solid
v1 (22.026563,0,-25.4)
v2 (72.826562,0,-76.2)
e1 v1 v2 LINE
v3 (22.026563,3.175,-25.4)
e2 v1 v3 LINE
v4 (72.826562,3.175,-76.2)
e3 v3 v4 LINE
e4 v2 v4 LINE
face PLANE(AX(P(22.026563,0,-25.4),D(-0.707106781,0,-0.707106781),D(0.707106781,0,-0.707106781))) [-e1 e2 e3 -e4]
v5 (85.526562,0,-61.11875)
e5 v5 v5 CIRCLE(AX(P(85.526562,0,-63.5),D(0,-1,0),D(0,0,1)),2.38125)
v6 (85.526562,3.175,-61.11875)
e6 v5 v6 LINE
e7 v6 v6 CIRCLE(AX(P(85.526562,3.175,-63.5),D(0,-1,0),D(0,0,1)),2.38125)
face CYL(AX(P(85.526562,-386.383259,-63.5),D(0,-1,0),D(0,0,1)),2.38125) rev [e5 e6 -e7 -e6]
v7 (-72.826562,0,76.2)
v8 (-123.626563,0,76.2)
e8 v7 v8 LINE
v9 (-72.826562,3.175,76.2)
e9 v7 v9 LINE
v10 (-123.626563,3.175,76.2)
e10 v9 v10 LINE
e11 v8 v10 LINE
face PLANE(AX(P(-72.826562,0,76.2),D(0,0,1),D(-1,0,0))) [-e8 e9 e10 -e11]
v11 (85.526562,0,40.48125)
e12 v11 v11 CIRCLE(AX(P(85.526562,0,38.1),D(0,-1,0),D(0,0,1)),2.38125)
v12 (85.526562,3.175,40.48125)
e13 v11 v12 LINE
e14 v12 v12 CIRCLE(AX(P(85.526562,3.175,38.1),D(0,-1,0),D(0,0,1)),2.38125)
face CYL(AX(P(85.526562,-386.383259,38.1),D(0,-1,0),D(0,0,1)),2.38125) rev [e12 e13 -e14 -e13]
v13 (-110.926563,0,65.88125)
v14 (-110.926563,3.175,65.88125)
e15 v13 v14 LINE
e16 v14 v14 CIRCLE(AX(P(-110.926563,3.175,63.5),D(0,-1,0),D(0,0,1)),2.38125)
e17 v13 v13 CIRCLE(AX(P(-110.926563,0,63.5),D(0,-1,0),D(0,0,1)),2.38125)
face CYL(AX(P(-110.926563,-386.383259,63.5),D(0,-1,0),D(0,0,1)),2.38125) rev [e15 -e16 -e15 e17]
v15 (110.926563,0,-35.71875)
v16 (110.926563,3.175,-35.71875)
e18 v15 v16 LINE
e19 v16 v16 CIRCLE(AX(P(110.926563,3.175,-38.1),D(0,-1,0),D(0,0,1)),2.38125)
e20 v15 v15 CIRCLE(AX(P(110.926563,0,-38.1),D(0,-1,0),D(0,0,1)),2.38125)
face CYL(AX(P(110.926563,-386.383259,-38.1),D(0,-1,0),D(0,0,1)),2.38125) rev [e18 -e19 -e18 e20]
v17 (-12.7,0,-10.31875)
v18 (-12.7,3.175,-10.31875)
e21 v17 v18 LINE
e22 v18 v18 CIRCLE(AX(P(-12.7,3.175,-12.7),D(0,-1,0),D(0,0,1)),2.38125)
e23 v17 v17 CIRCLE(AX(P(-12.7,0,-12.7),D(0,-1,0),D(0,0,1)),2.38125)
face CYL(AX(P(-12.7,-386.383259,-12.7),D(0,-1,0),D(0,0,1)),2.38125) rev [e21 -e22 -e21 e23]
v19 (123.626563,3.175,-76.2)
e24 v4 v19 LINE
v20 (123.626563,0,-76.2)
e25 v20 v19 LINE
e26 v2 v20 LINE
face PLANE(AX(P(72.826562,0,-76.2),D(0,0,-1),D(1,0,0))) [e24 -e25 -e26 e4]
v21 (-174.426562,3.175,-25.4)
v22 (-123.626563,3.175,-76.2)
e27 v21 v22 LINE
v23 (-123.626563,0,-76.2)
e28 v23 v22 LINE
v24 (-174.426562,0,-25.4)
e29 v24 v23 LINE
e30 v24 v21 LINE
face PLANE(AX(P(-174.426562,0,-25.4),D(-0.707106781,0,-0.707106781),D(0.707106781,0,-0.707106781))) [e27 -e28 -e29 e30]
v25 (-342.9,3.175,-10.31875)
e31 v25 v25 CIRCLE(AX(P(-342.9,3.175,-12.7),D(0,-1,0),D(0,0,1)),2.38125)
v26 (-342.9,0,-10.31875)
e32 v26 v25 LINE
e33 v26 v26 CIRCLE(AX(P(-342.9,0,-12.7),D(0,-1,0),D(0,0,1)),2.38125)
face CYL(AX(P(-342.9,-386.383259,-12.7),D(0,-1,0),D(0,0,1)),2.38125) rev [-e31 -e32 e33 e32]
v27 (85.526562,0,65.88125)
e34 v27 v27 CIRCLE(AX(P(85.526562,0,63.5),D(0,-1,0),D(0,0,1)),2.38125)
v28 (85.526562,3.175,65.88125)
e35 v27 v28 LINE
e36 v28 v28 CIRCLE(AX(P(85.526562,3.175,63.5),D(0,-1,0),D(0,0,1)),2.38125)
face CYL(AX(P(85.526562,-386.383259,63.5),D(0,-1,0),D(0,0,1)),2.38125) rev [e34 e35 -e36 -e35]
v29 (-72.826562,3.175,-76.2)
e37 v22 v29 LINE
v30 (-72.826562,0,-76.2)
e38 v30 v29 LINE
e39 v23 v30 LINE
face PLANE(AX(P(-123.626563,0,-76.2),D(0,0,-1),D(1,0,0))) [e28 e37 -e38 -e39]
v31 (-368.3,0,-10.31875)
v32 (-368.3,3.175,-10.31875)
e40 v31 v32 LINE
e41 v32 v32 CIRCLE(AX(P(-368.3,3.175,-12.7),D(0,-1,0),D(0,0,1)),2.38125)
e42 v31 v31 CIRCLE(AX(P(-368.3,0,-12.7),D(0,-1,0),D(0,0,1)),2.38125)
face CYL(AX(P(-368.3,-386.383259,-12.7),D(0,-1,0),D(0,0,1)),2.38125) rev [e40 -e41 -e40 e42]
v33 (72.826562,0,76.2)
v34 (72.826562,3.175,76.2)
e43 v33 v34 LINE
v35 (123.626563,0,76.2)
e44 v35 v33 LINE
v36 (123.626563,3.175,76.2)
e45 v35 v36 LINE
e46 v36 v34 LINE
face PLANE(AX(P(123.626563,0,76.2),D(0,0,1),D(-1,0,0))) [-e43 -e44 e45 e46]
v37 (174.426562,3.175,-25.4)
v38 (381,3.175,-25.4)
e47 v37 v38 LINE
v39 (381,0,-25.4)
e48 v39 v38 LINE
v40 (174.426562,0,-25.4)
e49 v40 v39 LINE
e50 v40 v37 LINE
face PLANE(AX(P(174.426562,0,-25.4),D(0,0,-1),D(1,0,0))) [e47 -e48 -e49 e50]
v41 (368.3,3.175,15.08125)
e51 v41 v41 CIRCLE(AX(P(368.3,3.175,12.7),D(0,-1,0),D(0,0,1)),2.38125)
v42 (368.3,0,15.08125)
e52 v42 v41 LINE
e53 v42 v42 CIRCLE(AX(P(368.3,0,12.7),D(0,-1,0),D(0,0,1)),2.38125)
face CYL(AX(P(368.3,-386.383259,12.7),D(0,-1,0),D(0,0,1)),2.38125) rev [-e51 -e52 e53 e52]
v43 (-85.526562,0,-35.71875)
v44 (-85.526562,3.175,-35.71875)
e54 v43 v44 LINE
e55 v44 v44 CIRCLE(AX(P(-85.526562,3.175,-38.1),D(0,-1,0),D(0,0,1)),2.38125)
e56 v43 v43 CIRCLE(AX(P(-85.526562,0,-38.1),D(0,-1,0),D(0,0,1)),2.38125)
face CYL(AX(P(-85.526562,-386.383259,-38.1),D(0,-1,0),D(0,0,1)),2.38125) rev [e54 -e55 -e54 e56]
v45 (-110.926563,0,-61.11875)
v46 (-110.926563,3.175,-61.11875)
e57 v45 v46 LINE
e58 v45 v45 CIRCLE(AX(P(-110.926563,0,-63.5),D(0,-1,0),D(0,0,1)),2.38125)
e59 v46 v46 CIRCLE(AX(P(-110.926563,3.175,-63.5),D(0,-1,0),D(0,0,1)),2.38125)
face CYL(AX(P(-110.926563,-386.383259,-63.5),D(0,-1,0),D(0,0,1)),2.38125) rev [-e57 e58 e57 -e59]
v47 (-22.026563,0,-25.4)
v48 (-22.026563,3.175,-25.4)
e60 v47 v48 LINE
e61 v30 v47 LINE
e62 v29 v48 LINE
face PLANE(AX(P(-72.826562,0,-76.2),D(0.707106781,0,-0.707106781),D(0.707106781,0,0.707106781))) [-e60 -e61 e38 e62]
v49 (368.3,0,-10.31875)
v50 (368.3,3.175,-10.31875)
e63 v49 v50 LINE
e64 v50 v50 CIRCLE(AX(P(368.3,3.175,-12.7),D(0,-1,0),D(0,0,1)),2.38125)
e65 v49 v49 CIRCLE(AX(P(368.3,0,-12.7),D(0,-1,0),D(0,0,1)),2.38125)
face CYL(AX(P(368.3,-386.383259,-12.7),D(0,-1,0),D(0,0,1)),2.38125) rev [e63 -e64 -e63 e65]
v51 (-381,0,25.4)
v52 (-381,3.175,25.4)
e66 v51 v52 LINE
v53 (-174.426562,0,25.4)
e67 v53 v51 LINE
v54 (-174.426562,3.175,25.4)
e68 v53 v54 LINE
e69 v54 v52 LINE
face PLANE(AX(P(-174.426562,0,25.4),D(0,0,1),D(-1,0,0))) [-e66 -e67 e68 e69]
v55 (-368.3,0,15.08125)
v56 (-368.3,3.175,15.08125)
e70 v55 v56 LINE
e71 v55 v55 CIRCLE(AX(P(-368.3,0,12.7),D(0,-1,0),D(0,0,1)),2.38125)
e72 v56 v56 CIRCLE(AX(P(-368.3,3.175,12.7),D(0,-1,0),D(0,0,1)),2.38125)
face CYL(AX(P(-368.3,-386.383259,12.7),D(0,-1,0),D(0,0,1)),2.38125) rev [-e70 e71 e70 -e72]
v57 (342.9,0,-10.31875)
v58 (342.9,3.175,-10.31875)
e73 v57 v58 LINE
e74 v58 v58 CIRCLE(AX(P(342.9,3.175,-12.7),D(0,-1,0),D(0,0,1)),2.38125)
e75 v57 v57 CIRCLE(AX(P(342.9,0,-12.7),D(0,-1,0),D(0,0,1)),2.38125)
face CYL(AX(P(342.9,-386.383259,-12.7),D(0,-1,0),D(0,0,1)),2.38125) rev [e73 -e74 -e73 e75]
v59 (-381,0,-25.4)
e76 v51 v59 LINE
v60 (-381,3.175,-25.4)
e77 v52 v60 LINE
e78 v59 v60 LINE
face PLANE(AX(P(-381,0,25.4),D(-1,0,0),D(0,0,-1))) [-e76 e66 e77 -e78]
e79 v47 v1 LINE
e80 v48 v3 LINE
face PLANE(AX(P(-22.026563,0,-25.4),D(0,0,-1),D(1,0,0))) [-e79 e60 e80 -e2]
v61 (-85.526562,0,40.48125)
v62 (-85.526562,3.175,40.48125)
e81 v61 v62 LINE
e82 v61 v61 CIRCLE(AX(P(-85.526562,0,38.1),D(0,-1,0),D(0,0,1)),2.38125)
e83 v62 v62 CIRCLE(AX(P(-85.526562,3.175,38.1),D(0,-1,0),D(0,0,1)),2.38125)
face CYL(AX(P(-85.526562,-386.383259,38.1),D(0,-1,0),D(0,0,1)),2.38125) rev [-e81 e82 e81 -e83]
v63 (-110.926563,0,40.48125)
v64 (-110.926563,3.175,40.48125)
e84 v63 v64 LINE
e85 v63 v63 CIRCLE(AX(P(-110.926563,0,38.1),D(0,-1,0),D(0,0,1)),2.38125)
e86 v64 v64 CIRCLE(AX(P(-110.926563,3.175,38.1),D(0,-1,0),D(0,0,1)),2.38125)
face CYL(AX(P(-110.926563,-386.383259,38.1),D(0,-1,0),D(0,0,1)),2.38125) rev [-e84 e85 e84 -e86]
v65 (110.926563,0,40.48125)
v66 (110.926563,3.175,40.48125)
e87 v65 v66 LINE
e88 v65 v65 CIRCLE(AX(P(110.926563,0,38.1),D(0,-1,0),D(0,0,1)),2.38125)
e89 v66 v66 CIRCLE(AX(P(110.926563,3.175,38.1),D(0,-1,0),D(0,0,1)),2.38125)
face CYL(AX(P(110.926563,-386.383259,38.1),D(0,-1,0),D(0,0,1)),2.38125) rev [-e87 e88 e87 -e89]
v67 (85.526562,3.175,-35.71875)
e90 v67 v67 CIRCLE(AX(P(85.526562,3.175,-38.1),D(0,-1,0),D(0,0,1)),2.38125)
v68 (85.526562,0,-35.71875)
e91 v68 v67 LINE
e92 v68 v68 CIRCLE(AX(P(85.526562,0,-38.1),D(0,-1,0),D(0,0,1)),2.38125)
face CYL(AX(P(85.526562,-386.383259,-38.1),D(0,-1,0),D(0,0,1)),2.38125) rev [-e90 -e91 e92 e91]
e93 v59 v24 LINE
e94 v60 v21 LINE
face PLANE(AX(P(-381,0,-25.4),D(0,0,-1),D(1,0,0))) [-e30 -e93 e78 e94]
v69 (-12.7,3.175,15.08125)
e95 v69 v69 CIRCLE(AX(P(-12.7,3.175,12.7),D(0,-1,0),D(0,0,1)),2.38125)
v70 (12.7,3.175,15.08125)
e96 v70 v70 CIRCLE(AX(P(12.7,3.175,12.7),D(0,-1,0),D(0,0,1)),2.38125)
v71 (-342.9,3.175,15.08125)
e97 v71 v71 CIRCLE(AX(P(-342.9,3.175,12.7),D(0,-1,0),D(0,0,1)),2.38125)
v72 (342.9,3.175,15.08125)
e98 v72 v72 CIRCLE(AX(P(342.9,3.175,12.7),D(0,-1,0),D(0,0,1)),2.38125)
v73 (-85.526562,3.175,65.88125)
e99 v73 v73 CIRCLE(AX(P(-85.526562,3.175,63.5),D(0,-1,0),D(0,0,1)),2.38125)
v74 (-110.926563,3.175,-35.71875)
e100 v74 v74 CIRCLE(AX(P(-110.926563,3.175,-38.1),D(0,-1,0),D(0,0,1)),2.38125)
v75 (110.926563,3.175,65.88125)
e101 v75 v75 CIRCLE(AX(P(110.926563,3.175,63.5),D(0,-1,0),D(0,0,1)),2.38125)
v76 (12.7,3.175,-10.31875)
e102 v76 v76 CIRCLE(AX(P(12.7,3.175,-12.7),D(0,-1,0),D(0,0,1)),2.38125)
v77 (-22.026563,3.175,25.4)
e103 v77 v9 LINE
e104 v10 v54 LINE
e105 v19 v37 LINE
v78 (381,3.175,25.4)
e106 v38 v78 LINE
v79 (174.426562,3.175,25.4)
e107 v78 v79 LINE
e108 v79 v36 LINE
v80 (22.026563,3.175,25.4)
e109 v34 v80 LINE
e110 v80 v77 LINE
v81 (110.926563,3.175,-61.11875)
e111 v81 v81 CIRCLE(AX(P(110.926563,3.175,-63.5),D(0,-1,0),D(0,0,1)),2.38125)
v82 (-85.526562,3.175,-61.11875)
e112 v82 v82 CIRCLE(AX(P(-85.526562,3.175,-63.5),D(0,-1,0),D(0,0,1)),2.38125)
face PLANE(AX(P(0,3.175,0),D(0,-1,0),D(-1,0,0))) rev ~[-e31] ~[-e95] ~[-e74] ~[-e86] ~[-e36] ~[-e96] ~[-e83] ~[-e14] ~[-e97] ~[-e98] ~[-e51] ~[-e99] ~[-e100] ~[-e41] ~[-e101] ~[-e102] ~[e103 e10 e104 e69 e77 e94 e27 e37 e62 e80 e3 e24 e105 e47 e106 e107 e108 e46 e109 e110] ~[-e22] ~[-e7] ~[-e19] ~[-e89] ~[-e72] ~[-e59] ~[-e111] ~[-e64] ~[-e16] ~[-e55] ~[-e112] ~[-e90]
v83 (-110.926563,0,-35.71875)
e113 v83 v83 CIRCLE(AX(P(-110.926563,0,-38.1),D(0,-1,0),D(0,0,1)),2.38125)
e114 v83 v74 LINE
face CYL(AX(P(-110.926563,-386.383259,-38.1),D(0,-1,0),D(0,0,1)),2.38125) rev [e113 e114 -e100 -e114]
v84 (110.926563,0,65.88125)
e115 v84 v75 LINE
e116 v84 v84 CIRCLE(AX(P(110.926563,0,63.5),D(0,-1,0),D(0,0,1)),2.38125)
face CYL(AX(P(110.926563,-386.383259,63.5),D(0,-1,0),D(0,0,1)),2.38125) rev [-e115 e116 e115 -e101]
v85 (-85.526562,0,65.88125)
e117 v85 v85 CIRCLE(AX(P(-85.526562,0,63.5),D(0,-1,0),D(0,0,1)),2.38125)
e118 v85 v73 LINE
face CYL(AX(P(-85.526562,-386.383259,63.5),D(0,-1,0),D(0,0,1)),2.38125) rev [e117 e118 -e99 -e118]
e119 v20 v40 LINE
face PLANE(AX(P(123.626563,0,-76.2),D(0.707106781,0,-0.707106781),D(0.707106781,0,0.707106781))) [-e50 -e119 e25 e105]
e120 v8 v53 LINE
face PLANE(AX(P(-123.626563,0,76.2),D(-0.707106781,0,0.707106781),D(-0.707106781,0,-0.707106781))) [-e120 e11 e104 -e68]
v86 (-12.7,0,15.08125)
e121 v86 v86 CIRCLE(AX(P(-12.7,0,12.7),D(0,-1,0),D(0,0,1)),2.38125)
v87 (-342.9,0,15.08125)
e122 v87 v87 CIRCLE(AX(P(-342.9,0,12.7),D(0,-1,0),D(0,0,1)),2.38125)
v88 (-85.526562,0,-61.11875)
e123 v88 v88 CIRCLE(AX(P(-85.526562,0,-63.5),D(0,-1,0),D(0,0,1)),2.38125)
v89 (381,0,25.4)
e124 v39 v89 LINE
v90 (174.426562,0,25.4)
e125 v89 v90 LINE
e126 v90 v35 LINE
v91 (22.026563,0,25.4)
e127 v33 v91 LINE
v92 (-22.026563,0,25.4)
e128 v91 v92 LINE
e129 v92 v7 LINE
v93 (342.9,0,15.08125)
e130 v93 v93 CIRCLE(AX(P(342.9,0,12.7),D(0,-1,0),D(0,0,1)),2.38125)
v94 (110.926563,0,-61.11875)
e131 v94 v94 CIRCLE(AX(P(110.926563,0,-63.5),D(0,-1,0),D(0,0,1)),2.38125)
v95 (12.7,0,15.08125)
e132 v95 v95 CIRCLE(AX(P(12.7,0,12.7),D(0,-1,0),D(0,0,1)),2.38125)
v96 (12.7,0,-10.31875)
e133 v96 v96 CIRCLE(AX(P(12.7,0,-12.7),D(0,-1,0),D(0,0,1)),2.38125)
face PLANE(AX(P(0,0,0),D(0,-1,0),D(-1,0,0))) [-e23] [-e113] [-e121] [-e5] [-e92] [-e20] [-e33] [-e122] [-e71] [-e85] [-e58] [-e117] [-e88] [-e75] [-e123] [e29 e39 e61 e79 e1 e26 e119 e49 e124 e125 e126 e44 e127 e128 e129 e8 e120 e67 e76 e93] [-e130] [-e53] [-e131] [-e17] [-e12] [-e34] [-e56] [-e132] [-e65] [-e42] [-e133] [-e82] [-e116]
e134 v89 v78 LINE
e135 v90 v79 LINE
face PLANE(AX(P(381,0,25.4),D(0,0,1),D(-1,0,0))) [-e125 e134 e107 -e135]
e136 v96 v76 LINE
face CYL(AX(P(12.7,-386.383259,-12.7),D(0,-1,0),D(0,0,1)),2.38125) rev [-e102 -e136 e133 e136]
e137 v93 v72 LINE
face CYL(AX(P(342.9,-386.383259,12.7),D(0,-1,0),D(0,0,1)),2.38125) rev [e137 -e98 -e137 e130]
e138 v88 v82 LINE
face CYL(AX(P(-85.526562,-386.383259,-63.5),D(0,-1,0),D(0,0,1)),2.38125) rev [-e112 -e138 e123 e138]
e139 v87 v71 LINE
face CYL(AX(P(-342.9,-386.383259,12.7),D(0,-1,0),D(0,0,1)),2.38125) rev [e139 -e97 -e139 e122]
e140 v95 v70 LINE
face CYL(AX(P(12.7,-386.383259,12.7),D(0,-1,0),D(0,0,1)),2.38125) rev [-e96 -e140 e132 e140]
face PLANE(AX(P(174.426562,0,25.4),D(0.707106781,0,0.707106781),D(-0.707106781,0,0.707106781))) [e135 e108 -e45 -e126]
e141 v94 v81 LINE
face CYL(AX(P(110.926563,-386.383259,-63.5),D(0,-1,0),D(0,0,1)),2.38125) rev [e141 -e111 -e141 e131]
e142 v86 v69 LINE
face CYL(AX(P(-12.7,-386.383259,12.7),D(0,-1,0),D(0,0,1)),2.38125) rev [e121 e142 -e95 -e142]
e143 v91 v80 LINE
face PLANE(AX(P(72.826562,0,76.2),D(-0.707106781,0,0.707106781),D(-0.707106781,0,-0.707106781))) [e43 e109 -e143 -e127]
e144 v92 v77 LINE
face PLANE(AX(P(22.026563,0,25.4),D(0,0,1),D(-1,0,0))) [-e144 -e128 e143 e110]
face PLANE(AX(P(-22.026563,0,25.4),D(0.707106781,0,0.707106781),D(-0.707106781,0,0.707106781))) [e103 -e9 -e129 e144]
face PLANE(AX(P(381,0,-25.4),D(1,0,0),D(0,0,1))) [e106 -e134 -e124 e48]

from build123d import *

# Parameters (mm, degrees)
BOSS_EXTRUDE1_DEPTH     = 3.175
CUT_EXTRUDE1_DEPTH      = 389.558258984
CUT_EXTRUDE1_DEPTH_BACK = 389.558258984
SKETCH3_R               = 2.38125


with BuildPart() as part:
    # Sketch2 → Boss-Extrude1 (new body)
    with BuildSketch(Plane(origin=(0, 0, 0), x_dir=(1, 0, 0), z_dir=(0, 1, 0))):
        Polygon((22.0265625, 25.4), (72.8265625, 76.2), (123.6265625, 76.2), (174.4265625, 25.4), (381, 25.4), (381, -25.4), (174.4265625, -25.4), (123.6265625, -76.2), (72.8265625, -76.2), (22.0265625, -25.4), (-22.0265625, -25.4), (-72.8265625, -76.2), (-123.6265625, -76.2), (-174.4265625, -25.4), (-381, -25.4), (-381, 25.4), (-174.4265625, 25.4), (-123.6265625, 76.2), (-72.8265625, 76.2), (-22.0265625, 25.4), align=None)
    extrude(amount=BOSS_EXTRUDE1_DEPTH)

    # Sketch3 → Cut-Extrude1 (cut, two sides: drawn at the far end of the back side and taken through both)
    with BuildSketch(Plane(origin=(0, 3.175, 0), x_dir=(1, 0, 0), z_dir=(0, 1, 0)).offset(-CUT_EXTRUDE1_DEPTH_BACK)):
        with Locations(Location((-110.9265625, 63.5, 0), (0, 0, 270))):
            Circle(SKETCH3_R)
        with Locations(Location((-85.5265625, 63.5, 0), (0, 0, 270))):
            Circle(SKETCH3_R)
        with Locations(Location((-110.9265625, 38.1, 0), (0, 0, 270))):
            Circle(SKETCH3_R)
        with Locations(Location((-85.5265625, 38.1, 0), (0, 0, 270))):
            Circle(SKETCH3_R)
        with Locations(Location((-85.5265625, -38.1, 0), (0, 0, 270))):
            Circle(SKETCH3_R)
        with Locations(Location((-110.9265625, -38.1, 0), (0, 0, 270))):
            Circle(SKETCH3_R)
        with Locations(Location((-85.5265625, -63.5, 0), (0, 0, 270))):
            Circle(SKETCH3_R)
        with Locations(Location((-110.9265625, -63.5, 0), (0, 0, 270))):
            Circle(SKETCH3_R)
        with Locations(Location((110.9265625, -63.5, 0), (0, 0, 270))):
            Circle(SKETCH3_R)
        with Locations(Location((85.5265625, -63.5, 0), (0, 0, 270))):
            Circle(SKETCH3_R)
        with Locations(Location((110.9265625, -38.1, 0), (0, 0, 270))):
            Circle(SKETCH3_R)
        with Locations(Location((85.5265625, -38.1, 0), (0, 0, 270))):
            Circle(SKETCH3_R)
        with Locations(Location((85.5265625, 38.1, 0), (0, 0, 270))):
            Circle(SKETCH3_R)
        with Locations(Location((110.9265625, 38.1, 0), (0, 0, 270))):
            Circle(SKETCH3_R)
        with Locations(Location((85.5265625, 63.5, 0), (0, 0, 270))):
            Circle(SKETCH3_R)
        with Locations(Location((110.9265625, 63.5, 0), (0, 0, 270))):
            Circle(SKETCH3_R)
        with Locations(Location((-342.9, -12.7, 0), (0, 0, 270))):
            Circle(SKETCH3_R)
        with Locations(Location((-368.3, -12.7, 0), (0, 0, 270))):
            Circle(SKETCH3_R)
        with Locations(Location((-368.3, 12.7, 0), (0, 0, 270))):
            Circle(SKETCH3_R)
        with Locations(Location((-342.9, 12.7, 0), (0, 0, 270))):
            Circle(SKETCH3_R)
        with Locations(Location((342.9, 12.7, 0), (0, 0, 270))):
            Circle(SKETCH3_R)
        with Locations(Location((368.3, 12.7, 0), (0, 0, 270))):
            Circle(SKETCH3_R)
        with Locations(Location((368.3, -12.7, 0), (0, 0, 270))):
            Circle(SKETCH3_R)
        with Locations(Location((342.9, -12.7, 0), (0, 0, 270))):
            Circle(SKETCH3_R)
        with Locations(Location((-12.7, 12.7, 0), (0, 0, 270))):
            Circle(SKETCH3_R)
        with Locations(Location((12.7, 12.7, 0), (0, 0, 270))):
            Circle(SKETCH3_R)
        with Locations(Location((12.7, -12.7, 0), (0, 0, 270))):
            Circle(SKETCH3_R)
        with Locations(Location((-12.7, -12.7, 0), (0, 0, 270))):
            Circle(SKETCH3_R)
    extrude(amount=CUT_EXTRUDE1_DEPTH + CUT_EXTRUDE1_DEPTH_BACK, mode=Mode.SUBTRACT)


solid = part.part
